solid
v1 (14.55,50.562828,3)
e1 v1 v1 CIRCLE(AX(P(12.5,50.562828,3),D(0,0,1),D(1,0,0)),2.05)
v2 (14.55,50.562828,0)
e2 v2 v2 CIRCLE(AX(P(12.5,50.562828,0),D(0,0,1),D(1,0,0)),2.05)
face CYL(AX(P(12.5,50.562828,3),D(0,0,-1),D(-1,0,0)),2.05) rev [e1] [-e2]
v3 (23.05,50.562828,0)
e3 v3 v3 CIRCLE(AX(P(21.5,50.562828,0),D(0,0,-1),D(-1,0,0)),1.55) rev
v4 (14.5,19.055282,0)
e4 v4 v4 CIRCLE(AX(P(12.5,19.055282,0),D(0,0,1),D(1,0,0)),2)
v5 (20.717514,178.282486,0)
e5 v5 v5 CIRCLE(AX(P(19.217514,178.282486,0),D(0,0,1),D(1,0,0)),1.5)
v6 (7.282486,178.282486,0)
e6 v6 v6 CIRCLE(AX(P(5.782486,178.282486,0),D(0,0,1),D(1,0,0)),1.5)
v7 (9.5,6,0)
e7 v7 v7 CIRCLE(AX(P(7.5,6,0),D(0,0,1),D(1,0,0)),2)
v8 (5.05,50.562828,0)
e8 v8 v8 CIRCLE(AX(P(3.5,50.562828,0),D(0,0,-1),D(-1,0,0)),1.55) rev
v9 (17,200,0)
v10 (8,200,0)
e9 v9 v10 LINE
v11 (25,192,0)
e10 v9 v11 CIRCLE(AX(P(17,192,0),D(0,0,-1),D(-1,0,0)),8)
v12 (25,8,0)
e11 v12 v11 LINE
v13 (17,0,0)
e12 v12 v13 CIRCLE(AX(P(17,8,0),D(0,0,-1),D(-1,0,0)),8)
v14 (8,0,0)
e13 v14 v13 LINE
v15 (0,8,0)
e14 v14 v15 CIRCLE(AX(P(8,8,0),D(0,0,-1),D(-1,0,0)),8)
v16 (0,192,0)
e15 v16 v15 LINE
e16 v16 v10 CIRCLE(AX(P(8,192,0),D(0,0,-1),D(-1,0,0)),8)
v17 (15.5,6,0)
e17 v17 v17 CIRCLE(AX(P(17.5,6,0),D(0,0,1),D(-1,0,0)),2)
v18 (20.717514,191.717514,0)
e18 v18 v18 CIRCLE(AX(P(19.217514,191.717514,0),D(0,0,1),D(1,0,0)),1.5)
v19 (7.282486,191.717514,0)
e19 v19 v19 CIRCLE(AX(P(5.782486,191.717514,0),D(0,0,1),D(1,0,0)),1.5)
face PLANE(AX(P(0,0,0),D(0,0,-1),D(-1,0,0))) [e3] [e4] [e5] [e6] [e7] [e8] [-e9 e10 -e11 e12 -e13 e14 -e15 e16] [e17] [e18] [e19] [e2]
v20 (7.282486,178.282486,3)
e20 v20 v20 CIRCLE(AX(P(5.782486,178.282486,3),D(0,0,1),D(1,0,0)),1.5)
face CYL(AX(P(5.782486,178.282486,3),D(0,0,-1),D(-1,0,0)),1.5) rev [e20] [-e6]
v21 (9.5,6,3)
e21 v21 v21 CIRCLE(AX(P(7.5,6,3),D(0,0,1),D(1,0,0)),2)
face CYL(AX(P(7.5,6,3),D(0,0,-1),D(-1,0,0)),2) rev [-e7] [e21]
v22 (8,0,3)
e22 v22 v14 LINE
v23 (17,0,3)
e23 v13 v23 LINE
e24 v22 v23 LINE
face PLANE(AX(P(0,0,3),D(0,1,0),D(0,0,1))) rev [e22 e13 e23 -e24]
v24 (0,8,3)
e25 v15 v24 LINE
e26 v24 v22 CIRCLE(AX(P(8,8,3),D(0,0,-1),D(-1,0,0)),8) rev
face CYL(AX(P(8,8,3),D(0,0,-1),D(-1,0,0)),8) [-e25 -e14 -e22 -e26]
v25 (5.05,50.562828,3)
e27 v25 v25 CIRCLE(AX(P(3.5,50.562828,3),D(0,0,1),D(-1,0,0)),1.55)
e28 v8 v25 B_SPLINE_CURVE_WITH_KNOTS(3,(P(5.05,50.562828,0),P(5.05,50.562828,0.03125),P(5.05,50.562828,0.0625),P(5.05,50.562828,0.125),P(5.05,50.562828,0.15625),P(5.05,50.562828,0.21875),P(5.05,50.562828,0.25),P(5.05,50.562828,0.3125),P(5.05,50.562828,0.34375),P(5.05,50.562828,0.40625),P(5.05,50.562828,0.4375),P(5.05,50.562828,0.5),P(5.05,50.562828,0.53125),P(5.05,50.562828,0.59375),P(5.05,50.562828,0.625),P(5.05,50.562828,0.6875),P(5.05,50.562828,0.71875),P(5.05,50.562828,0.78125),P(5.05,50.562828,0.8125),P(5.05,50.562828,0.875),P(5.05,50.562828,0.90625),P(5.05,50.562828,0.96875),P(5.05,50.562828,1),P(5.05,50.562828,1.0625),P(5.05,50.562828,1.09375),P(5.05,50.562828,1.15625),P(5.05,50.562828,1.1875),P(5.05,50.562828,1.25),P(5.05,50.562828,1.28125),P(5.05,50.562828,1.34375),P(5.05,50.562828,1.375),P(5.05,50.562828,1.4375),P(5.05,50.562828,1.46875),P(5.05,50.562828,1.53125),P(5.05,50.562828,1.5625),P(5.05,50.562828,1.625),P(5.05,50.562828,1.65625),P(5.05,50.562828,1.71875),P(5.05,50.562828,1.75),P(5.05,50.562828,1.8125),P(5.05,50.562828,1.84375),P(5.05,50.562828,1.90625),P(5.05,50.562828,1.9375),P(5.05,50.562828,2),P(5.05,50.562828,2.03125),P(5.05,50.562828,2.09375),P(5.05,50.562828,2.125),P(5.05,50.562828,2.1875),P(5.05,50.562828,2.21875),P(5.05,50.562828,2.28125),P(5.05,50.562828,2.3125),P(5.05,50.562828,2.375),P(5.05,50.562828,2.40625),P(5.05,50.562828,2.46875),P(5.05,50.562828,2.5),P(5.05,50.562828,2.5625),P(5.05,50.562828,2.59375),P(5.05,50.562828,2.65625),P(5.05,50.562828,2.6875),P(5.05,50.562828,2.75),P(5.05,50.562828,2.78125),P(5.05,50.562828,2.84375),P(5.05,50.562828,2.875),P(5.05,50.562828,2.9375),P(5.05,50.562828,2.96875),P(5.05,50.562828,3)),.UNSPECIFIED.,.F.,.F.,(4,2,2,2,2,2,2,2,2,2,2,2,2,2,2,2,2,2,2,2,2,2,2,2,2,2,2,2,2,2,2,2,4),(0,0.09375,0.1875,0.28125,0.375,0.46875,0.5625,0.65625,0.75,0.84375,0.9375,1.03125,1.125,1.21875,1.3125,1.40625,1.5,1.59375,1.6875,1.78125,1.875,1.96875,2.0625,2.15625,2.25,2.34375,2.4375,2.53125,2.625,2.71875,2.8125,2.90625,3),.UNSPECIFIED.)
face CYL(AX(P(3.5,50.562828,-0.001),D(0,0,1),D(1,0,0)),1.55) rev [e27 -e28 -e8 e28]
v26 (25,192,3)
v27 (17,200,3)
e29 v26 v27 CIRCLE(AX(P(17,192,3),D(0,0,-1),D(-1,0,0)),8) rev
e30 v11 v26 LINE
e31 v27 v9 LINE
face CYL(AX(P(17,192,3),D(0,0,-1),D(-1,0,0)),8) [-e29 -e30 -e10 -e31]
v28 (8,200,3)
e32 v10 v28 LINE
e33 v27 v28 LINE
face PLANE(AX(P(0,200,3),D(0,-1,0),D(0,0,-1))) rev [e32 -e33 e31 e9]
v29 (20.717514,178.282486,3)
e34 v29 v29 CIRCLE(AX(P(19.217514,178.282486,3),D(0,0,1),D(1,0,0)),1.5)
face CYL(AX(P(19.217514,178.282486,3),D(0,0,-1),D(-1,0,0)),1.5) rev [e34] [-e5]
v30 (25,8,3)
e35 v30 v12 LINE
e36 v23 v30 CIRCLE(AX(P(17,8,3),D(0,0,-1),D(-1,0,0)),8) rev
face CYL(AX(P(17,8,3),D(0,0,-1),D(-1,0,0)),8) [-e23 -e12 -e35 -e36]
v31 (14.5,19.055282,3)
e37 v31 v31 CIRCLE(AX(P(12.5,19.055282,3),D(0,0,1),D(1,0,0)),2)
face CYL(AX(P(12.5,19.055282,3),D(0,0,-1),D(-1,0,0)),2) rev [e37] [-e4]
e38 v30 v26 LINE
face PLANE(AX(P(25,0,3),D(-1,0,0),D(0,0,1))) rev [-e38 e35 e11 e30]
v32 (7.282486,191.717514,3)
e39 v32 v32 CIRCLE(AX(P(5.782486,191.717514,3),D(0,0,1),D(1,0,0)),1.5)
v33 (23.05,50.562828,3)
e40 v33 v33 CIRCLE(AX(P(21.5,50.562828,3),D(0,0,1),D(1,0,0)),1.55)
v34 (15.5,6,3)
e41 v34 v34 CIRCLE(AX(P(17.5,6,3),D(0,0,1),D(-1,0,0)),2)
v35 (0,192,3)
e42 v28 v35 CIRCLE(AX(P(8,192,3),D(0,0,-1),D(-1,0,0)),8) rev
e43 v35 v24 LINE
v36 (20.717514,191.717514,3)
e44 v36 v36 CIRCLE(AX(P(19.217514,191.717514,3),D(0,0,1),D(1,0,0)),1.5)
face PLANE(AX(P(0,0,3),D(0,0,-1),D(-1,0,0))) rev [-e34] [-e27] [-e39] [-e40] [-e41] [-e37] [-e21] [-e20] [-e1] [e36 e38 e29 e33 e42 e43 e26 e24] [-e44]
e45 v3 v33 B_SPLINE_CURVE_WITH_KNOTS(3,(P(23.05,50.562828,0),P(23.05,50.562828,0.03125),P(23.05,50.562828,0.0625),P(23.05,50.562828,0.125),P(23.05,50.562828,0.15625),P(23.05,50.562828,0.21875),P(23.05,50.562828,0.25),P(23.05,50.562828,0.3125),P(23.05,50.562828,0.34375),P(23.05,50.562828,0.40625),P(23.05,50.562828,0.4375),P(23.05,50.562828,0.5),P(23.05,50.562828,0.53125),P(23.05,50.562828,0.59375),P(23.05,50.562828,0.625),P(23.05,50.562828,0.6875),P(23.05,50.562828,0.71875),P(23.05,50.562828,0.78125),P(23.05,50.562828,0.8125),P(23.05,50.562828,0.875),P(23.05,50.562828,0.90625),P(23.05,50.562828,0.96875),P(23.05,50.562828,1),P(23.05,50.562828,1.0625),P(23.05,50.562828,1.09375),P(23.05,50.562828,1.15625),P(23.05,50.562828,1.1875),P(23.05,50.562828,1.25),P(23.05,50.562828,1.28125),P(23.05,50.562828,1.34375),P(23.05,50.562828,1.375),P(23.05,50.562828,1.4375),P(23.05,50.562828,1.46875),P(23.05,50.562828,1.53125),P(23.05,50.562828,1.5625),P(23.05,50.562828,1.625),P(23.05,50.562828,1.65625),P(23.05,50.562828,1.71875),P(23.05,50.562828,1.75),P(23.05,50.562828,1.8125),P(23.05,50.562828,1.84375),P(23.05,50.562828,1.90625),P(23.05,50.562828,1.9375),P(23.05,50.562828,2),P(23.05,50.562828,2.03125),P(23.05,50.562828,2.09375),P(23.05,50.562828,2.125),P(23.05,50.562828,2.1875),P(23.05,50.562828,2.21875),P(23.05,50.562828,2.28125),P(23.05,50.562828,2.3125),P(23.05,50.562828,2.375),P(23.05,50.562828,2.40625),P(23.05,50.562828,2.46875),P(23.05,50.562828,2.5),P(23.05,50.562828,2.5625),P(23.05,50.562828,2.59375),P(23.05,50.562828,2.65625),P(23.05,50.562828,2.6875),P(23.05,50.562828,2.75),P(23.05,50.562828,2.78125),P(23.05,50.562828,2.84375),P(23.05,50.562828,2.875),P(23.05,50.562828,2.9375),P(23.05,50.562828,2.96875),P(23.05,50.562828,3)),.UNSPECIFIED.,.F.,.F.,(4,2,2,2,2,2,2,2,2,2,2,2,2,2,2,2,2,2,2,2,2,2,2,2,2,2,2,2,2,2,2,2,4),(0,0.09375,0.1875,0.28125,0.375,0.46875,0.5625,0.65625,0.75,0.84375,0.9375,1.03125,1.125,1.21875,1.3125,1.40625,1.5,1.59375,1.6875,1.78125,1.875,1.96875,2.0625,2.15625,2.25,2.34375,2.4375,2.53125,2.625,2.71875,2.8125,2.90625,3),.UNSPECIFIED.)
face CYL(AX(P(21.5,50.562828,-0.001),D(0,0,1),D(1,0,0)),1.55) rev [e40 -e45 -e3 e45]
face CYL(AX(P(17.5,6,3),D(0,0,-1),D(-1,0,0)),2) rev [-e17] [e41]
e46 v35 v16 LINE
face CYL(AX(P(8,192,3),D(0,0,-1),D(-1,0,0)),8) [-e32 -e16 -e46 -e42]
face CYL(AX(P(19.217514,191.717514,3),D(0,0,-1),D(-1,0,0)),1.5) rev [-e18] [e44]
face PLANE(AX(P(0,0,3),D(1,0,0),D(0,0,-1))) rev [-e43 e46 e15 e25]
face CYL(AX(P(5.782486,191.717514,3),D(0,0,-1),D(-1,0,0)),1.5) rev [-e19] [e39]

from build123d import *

# Parameters (mm, degrees)
SKETCH_1_W          = 25
SKETCH_1_H          = 200
SKETCH_1_R          = 2
SKETCH_1_R_2        = 1.5
SKETCH_1_R_3        = 2.05
EXTRUDE_1_DEPTH     = 3
FILLET_1_R          = 8
CUT_EXTRUDE_1_REACH = 203.579
SKETCH_3_R          = 1.55


with BuildPart() as part:
    # 草图1 → 凸台-拉伸1 (new body)
    with BuildSketch(Plane.XY):
        with Locations((12.5, 100)):
            Rectangle(SKETCH_1_W, SKETCH_1_H)
        with Locations((7.5, 6)):
            Circle(SKETCH_1_R, mode=Mode.SUBTRACT)
        with Locations(Location((17.5, 6, 0), (0, 0, 180))):
            Circle(SKETCH_1_R, mode=Mode.SUBTRACT)
        with Locations((12.5, 19.055282456)):
            Circle(SKETCH_1_R, mode=Mode.SUBTRACT)
        with Locations((5.782485579, 178.282485579)):
            Circle(SKETCH_1_R_2, mode=Mode.SUBTRACT)
        with Locations((5.782485579, 191.717514421)):
            Circle(SKETCH_1_R_2, mode=Mode.SUBTRACT)
        with Locations((19.217514421, 191.717514421)):
            Circle(SKETCH_1_R_2, mode=Mode.SUBTRACT)
        with Locations((19.217514421, 178.282485579)):
            Circle(SKETCH_1_R_2, mode=Mode.SUBTRACT)
        with Locations((12.5, 50.562827646)):
            Circle(SKETCH_1_R_3, mode=Mode.SUBTRACT)
    extrude(amount=EXTRUDE_1_DEPTH)

    # 圆角1
    fillet_1_edges = [part.edges().sort_by_distance(p)[0] for p in [
        (0, 200, 1.5),
        (25, 200, 1.5),
        (25, 0, 1.5),
        (0, 0, 1.5),
    ]]
    fillet(fillet_1_edges, radius=FILLET_1_R)

    # 草图3 → 切除-拉伸1 (cut, up to next)
    with BuildSketch(Plane.XY.offset(3), mode=Mode.PRIVATE) as cut_extrude_1_sk1:
        with Locations((21.5, 50.562827646)):
            Circle(SKETCH_3_R)
    cut_extrude_1_tool1 = extrude(cut_extrude_1_sk1.sketch, amount=-CUT_EXTRUDE_1_REACH, mode=Mode.PRIVATE) & part.part
    # 草图3 → 切除-拉伸1 (cut, up to next)
    with BuildSketch(Plane.XY.offset(3), mode=Mode.PRIVATE) as cut_extrude_1_sk2:
        with Locations((3.5, 50.562827646)):
            Circle(SKETCH_3_R)
    cut_extrude_1_tool2 = extrude(cut_extrude_1_sk2.sketch, amount=-CUT_EXTRUDE_1_REACH, mode=Mode.PRIVATE) & part.part
    add(cut_extrude_1_tool1.solids().sort_by_distance((21.5, 50.562828, 3))[0], mode=Mode.SUBTRACT)
    add(cut_extrude_1_tool2.solids().sort_by_distance((3.5, 50.562828, 3))[0], mode=Mode.SUBTRACT)


solid = part.part
